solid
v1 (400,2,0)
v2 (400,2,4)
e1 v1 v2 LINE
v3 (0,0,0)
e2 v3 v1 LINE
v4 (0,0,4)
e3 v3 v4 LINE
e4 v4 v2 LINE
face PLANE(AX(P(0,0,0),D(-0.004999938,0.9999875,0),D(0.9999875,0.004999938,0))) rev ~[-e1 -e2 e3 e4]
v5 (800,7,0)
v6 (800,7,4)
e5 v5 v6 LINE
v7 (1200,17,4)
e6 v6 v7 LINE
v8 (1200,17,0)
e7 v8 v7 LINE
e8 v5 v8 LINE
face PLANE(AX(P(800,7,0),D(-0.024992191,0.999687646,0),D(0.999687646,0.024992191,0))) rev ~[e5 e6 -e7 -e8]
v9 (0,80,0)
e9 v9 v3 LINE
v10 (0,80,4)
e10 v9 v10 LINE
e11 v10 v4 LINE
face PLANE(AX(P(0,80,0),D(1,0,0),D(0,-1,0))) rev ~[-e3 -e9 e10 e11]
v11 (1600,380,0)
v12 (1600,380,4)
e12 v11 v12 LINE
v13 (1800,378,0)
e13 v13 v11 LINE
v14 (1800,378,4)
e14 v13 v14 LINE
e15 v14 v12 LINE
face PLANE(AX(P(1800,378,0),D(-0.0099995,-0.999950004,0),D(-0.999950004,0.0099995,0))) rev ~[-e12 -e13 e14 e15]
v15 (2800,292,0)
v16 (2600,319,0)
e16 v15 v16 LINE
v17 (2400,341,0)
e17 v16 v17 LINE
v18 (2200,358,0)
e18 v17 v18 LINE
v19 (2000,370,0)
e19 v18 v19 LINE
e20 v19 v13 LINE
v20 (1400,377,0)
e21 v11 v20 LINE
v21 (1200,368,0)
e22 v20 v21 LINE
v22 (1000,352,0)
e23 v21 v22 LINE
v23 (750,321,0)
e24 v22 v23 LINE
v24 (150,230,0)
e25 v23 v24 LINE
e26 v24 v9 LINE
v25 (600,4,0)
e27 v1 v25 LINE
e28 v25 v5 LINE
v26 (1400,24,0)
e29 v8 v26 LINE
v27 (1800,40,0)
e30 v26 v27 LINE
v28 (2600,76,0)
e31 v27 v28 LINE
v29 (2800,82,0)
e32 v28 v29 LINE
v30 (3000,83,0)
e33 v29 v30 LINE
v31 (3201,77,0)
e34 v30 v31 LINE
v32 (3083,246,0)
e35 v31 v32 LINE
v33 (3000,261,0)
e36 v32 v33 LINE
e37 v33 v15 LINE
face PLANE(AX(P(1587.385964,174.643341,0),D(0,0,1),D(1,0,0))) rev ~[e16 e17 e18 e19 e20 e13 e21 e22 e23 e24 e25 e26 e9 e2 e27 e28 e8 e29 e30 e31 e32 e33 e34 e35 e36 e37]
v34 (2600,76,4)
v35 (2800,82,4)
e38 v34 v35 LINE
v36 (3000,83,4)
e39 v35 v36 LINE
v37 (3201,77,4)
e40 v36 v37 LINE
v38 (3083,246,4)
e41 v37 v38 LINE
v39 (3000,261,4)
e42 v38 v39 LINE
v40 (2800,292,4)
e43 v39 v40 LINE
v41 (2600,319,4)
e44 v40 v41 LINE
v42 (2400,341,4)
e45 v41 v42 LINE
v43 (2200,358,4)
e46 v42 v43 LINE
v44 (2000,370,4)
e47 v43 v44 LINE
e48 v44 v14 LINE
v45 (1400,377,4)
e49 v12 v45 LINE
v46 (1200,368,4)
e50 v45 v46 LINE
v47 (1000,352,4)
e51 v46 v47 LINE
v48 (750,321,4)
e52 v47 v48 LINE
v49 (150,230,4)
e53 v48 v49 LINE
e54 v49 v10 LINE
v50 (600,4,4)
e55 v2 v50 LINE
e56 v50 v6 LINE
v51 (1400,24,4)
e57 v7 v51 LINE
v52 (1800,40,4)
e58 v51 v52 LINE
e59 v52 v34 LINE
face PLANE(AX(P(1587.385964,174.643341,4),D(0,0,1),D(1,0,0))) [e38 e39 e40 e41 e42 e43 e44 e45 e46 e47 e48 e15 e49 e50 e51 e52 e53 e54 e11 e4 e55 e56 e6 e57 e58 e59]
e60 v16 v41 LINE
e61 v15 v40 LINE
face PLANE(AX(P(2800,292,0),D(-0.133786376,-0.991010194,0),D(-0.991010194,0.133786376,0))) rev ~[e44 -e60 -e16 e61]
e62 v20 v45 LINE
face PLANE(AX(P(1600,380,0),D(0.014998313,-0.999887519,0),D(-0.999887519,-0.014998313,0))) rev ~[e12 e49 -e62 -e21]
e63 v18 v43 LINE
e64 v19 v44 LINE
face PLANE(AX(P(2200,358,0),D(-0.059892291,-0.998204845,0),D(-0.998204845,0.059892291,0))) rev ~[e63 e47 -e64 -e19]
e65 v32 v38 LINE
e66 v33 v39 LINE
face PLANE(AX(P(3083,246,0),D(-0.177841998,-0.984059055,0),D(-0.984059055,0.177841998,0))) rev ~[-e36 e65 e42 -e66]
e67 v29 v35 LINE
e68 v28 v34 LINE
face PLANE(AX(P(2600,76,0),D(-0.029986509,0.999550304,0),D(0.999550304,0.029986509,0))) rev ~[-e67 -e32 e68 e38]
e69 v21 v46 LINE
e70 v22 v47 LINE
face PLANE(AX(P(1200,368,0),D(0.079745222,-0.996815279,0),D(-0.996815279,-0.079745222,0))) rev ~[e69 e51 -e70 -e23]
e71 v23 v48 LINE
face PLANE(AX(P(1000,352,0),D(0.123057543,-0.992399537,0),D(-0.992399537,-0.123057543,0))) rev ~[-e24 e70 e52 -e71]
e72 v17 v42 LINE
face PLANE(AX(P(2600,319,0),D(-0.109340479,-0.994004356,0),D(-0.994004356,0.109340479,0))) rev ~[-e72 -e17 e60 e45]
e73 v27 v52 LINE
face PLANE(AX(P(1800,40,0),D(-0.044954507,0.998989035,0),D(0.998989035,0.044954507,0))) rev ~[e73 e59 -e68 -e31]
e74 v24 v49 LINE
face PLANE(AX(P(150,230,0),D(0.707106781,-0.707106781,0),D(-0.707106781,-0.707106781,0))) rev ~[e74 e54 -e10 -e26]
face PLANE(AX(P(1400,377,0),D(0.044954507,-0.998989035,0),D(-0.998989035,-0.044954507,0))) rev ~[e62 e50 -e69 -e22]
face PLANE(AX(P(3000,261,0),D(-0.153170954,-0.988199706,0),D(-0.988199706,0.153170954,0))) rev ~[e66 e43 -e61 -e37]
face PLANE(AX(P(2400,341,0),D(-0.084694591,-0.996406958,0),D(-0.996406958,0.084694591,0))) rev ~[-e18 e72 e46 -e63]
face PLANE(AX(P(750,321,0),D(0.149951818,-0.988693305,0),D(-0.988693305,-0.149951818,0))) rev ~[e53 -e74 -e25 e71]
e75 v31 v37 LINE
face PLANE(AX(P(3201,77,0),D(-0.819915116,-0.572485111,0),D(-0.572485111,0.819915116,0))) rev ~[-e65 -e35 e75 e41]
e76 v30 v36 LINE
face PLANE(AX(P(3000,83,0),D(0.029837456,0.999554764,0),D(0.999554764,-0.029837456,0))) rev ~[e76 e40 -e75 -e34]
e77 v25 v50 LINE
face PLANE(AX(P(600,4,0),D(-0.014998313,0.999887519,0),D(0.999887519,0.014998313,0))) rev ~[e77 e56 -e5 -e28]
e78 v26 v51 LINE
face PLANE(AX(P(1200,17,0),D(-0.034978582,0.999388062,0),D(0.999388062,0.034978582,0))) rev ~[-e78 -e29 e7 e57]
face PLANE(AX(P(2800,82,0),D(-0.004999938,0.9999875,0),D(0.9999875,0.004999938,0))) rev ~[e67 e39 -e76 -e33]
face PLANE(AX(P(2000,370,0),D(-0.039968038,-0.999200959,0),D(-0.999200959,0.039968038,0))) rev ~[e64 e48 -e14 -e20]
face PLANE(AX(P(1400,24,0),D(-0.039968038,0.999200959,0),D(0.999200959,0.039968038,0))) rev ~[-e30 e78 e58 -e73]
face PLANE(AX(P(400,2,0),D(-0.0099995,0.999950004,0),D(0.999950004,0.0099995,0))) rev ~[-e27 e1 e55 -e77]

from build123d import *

# Parameters (mm, degrees)
F1_DEPTH = 4


with BuildPart() as f1:
    # F0 (on Top) → F1 (new body)
    with BuildSketch(Plane.XY):
        Polygon((0, 80), (0, 0), (400, 2), (600, 4), (800, 7), (1000, 12), (1200, 17), (1400, 24), (1600, 32), (1800, 40), (2000, 49), (2200, 58), (2400, 67), (2600, 76), (2800, 82), (3000, 83), (3201, 77), (3083, 246), (3000, 261), (2800, 292), (2600, 319), (2400, 341), (2200, 358), (2000, 370), (1800, 378), (1600, 380), (1400, 377), (1200, 368), (1000, 352), (750, 321), (150, 230), align=None)
    extrude(amount=F1_DEPTH)


solid = f1.part
